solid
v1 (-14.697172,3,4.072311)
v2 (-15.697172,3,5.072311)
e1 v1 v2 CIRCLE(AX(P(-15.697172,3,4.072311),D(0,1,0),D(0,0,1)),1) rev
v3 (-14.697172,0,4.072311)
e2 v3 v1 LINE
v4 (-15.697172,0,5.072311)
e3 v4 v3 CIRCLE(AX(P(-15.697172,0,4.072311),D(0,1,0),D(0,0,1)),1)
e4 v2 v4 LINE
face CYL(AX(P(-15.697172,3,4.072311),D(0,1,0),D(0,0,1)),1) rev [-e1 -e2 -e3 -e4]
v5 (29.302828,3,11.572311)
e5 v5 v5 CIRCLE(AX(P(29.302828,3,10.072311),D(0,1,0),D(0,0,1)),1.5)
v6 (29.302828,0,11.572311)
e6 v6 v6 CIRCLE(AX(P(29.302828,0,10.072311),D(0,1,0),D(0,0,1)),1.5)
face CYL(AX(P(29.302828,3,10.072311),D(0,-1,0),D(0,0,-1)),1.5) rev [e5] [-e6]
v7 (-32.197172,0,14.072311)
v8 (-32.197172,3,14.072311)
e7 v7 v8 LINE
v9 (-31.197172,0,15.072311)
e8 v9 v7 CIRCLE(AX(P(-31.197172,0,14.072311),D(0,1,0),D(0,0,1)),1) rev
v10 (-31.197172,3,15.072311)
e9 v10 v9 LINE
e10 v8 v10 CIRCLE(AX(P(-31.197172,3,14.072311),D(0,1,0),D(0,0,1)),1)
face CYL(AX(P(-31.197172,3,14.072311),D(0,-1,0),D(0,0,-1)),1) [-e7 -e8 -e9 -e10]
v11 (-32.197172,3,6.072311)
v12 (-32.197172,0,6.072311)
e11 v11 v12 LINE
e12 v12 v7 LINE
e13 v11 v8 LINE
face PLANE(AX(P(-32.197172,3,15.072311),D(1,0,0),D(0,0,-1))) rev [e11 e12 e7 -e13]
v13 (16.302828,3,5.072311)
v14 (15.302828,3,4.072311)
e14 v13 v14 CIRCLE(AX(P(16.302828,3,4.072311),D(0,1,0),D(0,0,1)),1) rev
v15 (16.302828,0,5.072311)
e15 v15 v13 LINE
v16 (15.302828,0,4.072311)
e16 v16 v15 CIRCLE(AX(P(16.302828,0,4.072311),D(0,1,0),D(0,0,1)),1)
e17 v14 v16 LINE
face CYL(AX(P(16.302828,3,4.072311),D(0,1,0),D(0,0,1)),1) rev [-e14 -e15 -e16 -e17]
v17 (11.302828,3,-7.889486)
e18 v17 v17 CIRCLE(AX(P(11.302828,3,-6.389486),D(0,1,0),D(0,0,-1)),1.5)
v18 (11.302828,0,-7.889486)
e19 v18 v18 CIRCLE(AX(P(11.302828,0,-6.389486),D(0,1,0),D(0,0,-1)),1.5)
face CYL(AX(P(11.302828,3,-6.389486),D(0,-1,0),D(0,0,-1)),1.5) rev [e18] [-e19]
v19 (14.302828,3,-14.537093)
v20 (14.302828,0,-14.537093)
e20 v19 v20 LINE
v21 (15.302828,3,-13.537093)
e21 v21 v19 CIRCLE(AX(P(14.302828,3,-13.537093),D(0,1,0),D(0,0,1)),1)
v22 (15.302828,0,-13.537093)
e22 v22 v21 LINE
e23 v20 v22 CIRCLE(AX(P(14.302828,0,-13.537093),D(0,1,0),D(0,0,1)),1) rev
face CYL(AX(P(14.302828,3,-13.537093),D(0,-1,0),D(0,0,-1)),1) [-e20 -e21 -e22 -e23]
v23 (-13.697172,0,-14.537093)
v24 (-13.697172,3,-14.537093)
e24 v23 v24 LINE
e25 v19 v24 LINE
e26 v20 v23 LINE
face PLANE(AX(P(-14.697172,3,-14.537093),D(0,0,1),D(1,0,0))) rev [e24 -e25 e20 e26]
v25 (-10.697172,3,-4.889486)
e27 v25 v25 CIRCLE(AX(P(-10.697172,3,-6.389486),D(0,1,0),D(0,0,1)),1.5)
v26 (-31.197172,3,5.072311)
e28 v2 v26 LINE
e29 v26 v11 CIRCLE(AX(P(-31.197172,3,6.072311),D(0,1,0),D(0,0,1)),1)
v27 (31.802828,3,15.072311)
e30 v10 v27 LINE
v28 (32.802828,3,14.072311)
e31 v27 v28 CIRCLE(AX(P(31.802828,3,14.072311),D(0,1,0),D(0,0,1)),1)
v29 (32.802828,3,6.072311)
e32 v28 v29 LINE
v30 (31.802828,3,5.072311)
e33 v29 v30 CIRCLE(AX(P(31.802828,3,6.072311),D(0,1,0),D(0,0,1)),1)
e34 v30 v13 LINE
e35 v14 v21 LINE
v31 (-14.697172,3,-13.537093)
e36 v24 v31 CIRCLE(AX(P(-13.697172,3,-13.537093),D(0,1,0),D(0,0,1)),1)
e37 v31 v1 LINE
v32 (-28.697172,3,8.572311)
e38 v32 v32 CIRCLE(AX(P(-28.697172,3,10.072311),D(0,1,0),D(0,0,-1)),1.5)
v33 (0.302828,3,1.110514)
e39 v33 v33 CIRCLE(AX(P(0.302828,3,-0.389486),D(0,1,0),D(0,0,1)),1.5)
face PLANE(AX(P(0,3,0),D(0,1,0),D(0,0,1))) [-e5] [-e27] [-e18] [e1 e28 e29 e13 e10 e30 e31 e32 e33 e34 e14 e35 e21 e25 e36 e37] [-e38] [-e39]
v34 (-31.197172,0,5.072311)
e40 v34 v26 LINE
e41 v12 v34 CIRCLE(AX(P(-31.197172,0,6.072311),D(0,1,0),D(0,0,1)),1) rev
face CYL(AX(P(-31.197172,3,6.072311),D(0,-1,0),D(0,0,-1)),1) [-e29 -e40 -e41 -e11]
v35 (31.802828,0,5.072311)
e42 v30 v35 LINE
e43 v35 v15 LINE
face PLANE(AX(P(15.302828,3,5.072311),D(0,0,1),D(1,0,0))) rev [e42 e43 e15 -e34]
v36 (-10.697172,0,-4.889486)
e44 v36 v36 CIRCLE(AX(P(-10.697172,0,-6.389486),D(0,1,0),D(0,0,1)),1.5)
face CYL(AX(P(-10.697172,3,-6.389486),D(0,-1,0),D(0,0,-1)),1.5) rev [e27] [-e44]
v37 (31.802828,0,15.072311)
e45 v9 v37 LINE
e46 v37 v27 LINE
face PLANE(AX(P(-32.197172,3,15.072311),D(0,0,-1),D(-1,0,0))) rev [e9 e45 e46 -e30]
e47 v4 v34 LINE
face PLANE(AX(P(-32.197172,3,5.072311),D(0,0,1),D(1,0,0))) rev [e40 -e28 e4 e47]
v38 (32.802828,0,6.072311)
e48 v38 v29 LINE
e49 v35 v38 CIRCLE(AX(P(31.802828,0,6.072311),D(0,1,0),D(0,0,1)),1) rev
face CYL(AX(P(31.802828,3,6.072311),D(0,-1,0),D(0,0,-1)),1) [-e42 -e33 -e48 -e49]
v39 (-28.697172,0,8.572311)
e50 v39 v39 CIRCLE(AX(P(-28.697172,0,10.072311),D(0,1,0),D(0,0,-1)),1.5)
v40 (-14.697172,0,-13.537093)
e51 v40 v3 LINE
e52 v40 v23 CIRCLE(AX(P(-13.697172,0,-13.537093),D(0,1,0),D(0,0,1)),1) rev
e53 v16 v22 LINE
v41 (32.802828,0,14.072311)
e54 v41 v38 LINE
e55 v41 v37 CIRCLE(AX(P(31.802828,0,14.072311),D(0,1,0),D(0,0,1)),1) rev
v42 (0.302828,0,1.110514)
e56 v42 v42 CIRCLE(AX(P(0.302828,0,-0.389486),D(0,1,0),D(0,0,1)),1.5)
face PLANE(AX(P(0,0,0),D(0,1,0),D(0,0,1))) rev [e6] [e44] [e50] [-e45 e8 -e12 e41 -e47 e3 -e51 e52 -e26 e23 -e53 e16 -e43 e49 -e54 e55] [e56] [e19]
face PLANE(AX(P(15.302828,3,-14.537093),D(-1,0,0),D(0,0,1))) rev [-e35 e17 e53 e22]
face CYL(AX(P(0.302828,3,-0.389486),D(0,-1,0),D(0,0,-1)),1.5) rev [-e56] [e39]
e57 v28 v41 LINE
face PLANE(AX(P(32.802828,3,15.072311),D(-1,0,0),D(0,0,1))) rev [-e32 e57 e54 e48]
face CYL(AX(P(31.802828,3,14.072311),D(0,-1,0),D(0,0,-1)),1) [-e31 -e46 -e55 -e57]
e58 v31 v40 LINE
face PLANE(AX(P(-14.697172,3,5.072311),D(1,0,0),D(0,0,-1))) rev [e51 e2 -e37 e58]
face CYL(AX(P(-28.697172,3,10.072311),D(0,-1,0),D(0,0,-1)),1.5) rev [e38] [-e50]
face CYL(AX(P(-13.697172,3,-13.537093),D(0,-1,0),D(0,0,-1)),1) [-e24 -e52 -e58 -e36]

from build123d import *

# Parameters (mm, degrees)
CROQUIS1_R              = 1.5
SALIENTE_EXTRUIR1_DEPTH = 3
REDONDEO1_R             = 1


with BuildPart() as part:
    # Croquis1 → Saliente-Extruir1 (new body)
    with BuildSketch(Plane(origin=(0, 0, 0), x_dir=(1, 0, 0), z_dir=(0, 1, 0))):
        Polygon((32.802827881, -15.07231132), (32.802827881, -5.07231132), (15.302827881, -5.07231132), (15.302827881, 14.537092733), (-14.697172119, 14.537092733), (-14.697172119, -5.07231132), (-32.197172119, -5.07231132), (-32.197172119, -15.07231132), align=None)
        with Locations(Location((29.302827881, -10.07231132, 0), (0, 0, 270))):
            Circle(CROQUIS1_R, mode=Mode.SUBTRACT)
        with Locations(Location((-28.697172119, -10.07231132, 0), (0, 0, 90))):
            Circle(CROQUIS1_R, mode=Mode.SUBTRACT)
        with Locations(Location((-10.697172119, 6.389486457, 0), (0, 0, 270))):
            Circle(CROQUIS1_R, mode=Mode.SUBTRACT)
        with Locations(Location((11.302827881, 6.389486457, 0), (0, 0, 90))):
            Circle(CROQUIS1_R, mode=Mode.SUBTRACT)
        with Locations(Location((0.302827881, 0.389486457, 0), (0, 0, 270))):
            Circle(CROQUIS1_R, mode=Mode.SUBTRACT)
    extrude(amount=SALIENTE_EXTRUIR1_DEPTH)

    # Redondeo1
    redondeo1_edges = [part.edges().sort_by_distance(p)[0] for p in [
        (-14.697172119, 1.5, 5.07231132),
        (-14.697172119, 1.5, -14.537092733),
        (15.302827881, 1.5, -14.537092733),
        (15.302827881, 1.5, 5.07231132),
        (32.802827881, 1.5, 5.07231132),
        (32.802827881, 1.5, 15.07231132),
        (-32.197172119, 1.5, 15.07231132),
        (-32.197172119, 1.5, 5.07231132),
    ]]
    fillet(redondeo1_edges, radius=REDONDEO1_R)


solid = part.part
